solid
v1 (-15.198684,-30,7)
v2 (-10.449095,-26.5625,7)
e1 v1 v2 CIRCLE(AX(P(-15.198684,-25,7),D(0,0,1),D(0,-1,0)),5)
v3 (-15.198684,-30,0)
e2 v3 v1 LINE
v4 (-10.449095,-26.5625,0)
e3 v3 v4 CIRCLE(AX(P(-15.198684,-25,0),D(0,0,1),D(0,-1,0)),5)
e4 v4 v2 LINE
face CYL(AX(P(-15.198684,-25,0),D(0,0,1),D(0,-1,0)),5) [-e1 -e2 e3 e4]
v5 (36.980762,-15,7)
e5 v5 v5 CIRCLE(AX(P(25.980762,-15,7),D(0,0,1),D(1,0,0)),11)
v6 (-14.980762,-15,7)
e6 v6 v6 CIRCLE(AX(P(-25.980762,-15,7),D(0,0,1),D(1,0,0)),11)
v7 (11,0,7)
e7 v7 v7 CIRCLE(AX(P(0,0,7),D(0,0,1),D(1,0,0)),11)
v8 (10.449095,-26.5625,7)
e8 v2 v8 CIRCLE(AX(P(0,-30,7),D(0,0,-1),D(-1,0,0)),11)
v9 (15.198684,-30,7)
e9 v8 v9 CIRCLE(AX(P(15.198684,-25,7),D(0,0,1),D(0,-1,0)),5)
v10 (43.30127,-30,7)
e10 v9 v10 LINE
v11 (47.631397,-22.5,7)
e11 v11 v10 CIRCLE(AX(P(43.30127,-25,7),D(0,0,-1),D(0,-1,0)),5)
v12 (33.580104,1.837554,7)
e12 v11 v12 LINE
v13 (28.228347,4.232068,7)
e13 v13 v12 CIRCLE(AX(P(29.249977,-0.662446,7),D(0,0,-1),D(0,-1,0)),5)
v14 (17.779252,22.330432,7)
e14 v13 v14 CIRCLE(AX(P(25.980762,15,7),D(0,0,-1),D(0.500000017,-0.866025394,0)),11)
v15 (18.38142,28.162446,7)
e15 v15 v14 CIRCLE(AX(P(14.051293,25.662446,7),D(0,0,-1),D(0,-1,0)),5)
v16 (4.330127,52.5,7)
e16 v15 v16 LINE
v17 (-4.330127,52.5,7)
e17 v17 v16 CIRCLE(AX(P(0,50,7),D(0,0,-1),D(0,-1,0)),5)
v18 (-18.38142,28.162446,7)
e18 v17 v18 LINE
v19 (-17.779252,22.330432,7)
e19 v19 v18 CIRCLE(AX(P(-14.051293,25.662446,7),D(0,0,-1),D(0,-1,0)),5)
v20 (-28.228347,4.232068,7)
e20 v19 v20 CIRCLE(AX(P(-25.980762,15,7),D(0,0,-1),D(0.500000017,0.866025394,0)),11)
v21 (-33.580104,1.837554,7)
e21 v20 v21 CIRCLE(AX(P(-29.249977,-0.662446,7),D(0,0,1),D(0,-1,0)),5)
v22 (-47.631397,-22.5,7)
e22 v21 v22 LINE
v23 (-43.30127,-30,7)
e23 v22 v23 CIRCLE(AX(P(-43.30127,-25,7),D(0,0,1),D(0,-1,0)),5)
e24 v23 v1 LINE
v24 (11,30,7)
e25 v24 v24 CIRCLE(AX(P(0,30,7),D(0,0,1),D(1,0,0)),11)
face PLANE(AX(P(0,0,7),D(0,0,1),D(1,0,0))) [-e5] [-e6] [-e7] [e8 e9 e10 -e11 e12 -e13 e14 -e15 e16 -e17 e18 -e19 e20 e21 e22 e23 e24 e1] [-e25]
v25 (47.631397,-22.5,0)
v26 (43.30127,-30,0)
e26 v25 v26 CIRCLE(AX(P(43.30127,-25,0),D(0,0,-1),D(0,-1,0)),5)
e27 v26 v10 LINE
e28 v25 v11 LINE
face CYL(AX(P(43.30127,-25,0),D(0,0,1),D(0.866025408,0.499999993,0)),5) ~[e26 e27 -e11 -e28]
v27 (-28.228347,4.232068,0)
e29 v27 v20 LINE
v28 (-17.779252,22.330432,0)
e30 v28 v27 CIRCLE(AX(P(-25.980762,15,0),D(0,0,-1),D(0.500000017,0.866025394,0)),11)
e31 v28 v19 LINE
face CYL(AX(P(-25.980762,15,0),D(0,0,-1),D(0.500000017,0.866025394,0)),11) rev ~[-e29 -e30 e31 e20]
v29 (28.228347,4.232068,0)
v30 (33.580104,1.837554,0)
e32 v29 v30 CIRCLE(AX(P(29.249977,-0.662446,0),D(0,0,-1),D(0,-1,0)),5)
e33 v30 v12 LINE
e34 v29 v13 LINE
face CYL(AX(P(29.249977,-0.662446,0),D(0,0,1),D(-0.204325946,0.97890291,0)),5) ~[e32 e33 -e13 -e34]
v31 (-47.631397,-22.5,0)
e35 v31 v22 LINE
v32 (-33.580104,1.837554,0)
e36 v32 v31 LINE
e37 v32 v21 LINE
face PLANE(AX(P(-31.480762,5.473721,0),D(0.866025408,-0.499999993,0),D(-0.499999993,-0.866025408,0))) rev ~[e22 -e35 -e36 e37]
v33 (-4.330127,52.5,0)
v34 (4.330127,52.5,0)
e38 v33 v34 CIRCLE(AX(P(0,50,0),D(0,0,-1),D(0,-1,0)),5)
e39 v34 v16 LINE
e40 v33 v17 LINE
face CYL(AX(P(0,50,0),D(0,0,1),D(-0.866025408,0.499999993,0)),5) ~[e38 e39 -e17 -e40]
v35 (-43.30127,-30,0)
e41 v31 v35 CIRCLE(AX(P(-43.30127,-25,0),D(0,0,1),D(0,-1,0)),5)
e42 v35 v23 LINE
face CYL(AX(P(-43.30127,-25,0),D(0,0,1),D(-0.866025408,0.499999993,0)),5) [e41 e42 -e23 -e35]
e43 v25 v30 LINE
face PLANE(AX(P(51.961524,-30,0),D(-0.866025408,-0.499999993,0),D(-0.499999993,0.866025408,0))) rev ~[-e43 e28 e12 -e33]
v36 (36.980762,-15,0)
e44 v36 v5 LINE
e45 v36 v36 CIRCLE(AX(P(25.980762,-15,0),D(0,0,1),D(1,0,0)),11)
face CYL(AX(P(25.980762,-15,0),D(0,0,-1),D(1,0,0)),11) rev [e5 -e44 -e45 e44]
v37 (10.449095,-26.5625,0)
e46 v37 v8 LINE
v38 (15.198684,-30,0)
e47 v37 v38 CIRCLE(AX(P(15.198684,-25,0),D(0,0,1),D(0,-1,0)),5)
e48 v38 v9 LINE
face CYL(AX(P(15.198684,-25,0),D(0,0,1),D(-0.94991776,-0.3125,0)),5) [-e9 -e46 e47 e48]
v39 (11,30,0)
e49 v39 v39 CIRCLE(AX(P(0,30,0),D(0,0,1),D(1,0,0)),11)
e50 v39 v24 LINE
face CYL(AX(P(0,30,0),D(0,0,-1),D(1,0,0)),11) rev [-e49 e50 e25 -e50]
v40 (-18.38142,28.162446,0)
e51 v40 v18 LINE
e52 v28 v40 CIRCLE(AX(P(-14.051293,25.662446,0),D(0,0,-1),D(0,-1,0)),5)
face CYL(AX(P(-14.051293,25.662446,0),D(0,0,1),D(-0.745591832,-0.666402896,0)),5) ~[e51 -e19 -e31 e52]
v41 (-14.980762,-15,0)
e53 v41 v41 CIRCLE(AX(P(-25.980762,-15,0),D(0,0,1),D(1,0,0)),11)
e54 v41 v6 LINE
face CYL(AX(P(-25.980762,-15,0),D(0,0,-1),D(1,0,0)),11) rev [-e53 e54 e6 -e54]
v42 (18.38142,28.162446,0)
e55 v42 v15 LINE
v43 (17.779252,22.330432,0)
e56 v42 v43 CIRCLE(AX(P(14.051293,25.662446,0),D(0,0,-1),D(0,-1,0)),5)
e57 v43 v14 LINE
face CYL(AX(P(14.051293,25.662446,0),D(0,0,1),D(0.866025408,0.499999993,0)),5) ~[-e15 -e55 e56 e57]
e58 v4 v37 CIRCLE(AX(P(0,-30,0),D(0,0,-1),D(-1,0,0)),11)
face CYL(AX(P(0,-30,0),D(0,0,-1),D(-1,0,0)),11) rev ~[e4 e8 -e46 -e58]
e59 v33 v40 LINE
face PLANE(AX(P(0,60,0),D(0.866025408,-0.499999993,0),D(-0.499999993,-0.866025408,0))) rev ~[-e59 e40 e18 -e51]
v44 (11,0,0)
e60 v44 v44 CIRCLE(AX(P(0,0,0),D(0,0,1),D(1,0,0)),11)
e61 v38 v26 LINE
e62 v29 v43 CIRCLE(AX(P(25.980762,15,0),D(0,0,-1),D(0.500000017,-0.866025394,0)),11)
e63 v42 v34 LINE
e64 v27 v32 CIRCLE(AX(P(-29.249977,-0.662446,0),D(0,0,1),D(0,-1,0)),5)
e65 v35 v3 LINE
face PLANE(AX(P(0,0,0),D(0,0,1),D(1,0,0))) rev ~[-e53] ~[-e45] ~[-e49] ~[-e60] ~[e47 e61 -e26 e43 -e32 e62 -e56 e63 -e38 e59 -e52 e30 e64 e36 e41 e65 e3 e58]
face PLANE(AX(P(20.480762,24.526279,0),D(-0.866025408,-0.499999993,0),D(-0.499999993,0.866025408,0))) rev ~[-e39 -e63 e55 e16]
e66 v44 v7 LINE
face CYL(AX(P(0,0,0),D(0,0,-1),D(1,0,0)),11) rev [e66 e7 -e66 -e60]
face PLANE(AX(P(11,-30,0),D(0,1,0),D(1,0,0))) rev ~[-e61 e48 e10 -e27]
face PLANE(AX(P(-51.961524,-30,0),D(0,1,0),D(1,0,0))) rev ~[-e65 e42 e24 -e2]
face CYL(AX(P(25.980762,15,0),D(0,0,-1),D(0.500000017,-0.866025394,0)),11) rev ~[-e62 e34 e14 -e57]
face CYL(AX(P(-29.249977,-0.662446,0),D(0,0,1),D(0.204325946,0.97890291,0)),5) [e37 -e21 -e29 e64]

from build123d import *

# Parameters (mm, degrees)
F0_R     = 11
F1_DEPTH = 7
F2_R     = 5


with BuildPart() as f1:
    # F0 (on Top) → F1 (new body)
    with BuildSketch(Plane.XY):
        with BuildLine():
            ThreePointArc((-20.480762, 24.526279), (-16.454483, 9.5), (-31.480762, 5.473721))
            Line((-31.480762, 5.473721), (-51.961524, -30))
            Line((-51.961524, -30), (-11, -30))
            ThreePointArc((-11, -30), (0, -19), (11, -30))
            Line((11, -30), (51.961524, -30))
            Line((51.961524, -30), (31.480762, 5.473721))
            ThreePointArc((31.480762, 5.473721), (16.454483, 9.5), (20.480762, 24.526279))
            Line((20.480762, 24.526279), (0, 60))
            Line((0, 60), (-20.480762, 24.526279))
        make_face()
        with Locations((-25.980762, -15)):
            Circle(F0_R, mode=Mode.SUBTRACT)
        with Locations((25.980762, -15)):
            Circle(F0_R, mode=Mode.SUBTRACT)
        Circle(F0_R, mode=Mode.SUBTRACT)
        with Locations((0, 30)):
            Circle(F0_R, mode=Mode.SUBTRACT)
    extrude(amount=F1_DEPTH)

    # F2
    f2_edges = [f1.edges().sort_by_distance(p)[0] for p in [
        (-51.961524, -30, 3.5),
        (51.961524, -30, 3.5),
        (0, 60, 3.5),
        (-11, -30, 3.5),
        (11, -30, 3.5),
        (31.480762, 5.473721, 3.5),
        (20.480762, 24.526279, 3.5),
        (-20.480762, 24.526279, 3.5),
        (-31.480762, 5.473721, 3.5),
    ]]
    fillet(f2_edges, radius=F2_R)


solid = f1.part
